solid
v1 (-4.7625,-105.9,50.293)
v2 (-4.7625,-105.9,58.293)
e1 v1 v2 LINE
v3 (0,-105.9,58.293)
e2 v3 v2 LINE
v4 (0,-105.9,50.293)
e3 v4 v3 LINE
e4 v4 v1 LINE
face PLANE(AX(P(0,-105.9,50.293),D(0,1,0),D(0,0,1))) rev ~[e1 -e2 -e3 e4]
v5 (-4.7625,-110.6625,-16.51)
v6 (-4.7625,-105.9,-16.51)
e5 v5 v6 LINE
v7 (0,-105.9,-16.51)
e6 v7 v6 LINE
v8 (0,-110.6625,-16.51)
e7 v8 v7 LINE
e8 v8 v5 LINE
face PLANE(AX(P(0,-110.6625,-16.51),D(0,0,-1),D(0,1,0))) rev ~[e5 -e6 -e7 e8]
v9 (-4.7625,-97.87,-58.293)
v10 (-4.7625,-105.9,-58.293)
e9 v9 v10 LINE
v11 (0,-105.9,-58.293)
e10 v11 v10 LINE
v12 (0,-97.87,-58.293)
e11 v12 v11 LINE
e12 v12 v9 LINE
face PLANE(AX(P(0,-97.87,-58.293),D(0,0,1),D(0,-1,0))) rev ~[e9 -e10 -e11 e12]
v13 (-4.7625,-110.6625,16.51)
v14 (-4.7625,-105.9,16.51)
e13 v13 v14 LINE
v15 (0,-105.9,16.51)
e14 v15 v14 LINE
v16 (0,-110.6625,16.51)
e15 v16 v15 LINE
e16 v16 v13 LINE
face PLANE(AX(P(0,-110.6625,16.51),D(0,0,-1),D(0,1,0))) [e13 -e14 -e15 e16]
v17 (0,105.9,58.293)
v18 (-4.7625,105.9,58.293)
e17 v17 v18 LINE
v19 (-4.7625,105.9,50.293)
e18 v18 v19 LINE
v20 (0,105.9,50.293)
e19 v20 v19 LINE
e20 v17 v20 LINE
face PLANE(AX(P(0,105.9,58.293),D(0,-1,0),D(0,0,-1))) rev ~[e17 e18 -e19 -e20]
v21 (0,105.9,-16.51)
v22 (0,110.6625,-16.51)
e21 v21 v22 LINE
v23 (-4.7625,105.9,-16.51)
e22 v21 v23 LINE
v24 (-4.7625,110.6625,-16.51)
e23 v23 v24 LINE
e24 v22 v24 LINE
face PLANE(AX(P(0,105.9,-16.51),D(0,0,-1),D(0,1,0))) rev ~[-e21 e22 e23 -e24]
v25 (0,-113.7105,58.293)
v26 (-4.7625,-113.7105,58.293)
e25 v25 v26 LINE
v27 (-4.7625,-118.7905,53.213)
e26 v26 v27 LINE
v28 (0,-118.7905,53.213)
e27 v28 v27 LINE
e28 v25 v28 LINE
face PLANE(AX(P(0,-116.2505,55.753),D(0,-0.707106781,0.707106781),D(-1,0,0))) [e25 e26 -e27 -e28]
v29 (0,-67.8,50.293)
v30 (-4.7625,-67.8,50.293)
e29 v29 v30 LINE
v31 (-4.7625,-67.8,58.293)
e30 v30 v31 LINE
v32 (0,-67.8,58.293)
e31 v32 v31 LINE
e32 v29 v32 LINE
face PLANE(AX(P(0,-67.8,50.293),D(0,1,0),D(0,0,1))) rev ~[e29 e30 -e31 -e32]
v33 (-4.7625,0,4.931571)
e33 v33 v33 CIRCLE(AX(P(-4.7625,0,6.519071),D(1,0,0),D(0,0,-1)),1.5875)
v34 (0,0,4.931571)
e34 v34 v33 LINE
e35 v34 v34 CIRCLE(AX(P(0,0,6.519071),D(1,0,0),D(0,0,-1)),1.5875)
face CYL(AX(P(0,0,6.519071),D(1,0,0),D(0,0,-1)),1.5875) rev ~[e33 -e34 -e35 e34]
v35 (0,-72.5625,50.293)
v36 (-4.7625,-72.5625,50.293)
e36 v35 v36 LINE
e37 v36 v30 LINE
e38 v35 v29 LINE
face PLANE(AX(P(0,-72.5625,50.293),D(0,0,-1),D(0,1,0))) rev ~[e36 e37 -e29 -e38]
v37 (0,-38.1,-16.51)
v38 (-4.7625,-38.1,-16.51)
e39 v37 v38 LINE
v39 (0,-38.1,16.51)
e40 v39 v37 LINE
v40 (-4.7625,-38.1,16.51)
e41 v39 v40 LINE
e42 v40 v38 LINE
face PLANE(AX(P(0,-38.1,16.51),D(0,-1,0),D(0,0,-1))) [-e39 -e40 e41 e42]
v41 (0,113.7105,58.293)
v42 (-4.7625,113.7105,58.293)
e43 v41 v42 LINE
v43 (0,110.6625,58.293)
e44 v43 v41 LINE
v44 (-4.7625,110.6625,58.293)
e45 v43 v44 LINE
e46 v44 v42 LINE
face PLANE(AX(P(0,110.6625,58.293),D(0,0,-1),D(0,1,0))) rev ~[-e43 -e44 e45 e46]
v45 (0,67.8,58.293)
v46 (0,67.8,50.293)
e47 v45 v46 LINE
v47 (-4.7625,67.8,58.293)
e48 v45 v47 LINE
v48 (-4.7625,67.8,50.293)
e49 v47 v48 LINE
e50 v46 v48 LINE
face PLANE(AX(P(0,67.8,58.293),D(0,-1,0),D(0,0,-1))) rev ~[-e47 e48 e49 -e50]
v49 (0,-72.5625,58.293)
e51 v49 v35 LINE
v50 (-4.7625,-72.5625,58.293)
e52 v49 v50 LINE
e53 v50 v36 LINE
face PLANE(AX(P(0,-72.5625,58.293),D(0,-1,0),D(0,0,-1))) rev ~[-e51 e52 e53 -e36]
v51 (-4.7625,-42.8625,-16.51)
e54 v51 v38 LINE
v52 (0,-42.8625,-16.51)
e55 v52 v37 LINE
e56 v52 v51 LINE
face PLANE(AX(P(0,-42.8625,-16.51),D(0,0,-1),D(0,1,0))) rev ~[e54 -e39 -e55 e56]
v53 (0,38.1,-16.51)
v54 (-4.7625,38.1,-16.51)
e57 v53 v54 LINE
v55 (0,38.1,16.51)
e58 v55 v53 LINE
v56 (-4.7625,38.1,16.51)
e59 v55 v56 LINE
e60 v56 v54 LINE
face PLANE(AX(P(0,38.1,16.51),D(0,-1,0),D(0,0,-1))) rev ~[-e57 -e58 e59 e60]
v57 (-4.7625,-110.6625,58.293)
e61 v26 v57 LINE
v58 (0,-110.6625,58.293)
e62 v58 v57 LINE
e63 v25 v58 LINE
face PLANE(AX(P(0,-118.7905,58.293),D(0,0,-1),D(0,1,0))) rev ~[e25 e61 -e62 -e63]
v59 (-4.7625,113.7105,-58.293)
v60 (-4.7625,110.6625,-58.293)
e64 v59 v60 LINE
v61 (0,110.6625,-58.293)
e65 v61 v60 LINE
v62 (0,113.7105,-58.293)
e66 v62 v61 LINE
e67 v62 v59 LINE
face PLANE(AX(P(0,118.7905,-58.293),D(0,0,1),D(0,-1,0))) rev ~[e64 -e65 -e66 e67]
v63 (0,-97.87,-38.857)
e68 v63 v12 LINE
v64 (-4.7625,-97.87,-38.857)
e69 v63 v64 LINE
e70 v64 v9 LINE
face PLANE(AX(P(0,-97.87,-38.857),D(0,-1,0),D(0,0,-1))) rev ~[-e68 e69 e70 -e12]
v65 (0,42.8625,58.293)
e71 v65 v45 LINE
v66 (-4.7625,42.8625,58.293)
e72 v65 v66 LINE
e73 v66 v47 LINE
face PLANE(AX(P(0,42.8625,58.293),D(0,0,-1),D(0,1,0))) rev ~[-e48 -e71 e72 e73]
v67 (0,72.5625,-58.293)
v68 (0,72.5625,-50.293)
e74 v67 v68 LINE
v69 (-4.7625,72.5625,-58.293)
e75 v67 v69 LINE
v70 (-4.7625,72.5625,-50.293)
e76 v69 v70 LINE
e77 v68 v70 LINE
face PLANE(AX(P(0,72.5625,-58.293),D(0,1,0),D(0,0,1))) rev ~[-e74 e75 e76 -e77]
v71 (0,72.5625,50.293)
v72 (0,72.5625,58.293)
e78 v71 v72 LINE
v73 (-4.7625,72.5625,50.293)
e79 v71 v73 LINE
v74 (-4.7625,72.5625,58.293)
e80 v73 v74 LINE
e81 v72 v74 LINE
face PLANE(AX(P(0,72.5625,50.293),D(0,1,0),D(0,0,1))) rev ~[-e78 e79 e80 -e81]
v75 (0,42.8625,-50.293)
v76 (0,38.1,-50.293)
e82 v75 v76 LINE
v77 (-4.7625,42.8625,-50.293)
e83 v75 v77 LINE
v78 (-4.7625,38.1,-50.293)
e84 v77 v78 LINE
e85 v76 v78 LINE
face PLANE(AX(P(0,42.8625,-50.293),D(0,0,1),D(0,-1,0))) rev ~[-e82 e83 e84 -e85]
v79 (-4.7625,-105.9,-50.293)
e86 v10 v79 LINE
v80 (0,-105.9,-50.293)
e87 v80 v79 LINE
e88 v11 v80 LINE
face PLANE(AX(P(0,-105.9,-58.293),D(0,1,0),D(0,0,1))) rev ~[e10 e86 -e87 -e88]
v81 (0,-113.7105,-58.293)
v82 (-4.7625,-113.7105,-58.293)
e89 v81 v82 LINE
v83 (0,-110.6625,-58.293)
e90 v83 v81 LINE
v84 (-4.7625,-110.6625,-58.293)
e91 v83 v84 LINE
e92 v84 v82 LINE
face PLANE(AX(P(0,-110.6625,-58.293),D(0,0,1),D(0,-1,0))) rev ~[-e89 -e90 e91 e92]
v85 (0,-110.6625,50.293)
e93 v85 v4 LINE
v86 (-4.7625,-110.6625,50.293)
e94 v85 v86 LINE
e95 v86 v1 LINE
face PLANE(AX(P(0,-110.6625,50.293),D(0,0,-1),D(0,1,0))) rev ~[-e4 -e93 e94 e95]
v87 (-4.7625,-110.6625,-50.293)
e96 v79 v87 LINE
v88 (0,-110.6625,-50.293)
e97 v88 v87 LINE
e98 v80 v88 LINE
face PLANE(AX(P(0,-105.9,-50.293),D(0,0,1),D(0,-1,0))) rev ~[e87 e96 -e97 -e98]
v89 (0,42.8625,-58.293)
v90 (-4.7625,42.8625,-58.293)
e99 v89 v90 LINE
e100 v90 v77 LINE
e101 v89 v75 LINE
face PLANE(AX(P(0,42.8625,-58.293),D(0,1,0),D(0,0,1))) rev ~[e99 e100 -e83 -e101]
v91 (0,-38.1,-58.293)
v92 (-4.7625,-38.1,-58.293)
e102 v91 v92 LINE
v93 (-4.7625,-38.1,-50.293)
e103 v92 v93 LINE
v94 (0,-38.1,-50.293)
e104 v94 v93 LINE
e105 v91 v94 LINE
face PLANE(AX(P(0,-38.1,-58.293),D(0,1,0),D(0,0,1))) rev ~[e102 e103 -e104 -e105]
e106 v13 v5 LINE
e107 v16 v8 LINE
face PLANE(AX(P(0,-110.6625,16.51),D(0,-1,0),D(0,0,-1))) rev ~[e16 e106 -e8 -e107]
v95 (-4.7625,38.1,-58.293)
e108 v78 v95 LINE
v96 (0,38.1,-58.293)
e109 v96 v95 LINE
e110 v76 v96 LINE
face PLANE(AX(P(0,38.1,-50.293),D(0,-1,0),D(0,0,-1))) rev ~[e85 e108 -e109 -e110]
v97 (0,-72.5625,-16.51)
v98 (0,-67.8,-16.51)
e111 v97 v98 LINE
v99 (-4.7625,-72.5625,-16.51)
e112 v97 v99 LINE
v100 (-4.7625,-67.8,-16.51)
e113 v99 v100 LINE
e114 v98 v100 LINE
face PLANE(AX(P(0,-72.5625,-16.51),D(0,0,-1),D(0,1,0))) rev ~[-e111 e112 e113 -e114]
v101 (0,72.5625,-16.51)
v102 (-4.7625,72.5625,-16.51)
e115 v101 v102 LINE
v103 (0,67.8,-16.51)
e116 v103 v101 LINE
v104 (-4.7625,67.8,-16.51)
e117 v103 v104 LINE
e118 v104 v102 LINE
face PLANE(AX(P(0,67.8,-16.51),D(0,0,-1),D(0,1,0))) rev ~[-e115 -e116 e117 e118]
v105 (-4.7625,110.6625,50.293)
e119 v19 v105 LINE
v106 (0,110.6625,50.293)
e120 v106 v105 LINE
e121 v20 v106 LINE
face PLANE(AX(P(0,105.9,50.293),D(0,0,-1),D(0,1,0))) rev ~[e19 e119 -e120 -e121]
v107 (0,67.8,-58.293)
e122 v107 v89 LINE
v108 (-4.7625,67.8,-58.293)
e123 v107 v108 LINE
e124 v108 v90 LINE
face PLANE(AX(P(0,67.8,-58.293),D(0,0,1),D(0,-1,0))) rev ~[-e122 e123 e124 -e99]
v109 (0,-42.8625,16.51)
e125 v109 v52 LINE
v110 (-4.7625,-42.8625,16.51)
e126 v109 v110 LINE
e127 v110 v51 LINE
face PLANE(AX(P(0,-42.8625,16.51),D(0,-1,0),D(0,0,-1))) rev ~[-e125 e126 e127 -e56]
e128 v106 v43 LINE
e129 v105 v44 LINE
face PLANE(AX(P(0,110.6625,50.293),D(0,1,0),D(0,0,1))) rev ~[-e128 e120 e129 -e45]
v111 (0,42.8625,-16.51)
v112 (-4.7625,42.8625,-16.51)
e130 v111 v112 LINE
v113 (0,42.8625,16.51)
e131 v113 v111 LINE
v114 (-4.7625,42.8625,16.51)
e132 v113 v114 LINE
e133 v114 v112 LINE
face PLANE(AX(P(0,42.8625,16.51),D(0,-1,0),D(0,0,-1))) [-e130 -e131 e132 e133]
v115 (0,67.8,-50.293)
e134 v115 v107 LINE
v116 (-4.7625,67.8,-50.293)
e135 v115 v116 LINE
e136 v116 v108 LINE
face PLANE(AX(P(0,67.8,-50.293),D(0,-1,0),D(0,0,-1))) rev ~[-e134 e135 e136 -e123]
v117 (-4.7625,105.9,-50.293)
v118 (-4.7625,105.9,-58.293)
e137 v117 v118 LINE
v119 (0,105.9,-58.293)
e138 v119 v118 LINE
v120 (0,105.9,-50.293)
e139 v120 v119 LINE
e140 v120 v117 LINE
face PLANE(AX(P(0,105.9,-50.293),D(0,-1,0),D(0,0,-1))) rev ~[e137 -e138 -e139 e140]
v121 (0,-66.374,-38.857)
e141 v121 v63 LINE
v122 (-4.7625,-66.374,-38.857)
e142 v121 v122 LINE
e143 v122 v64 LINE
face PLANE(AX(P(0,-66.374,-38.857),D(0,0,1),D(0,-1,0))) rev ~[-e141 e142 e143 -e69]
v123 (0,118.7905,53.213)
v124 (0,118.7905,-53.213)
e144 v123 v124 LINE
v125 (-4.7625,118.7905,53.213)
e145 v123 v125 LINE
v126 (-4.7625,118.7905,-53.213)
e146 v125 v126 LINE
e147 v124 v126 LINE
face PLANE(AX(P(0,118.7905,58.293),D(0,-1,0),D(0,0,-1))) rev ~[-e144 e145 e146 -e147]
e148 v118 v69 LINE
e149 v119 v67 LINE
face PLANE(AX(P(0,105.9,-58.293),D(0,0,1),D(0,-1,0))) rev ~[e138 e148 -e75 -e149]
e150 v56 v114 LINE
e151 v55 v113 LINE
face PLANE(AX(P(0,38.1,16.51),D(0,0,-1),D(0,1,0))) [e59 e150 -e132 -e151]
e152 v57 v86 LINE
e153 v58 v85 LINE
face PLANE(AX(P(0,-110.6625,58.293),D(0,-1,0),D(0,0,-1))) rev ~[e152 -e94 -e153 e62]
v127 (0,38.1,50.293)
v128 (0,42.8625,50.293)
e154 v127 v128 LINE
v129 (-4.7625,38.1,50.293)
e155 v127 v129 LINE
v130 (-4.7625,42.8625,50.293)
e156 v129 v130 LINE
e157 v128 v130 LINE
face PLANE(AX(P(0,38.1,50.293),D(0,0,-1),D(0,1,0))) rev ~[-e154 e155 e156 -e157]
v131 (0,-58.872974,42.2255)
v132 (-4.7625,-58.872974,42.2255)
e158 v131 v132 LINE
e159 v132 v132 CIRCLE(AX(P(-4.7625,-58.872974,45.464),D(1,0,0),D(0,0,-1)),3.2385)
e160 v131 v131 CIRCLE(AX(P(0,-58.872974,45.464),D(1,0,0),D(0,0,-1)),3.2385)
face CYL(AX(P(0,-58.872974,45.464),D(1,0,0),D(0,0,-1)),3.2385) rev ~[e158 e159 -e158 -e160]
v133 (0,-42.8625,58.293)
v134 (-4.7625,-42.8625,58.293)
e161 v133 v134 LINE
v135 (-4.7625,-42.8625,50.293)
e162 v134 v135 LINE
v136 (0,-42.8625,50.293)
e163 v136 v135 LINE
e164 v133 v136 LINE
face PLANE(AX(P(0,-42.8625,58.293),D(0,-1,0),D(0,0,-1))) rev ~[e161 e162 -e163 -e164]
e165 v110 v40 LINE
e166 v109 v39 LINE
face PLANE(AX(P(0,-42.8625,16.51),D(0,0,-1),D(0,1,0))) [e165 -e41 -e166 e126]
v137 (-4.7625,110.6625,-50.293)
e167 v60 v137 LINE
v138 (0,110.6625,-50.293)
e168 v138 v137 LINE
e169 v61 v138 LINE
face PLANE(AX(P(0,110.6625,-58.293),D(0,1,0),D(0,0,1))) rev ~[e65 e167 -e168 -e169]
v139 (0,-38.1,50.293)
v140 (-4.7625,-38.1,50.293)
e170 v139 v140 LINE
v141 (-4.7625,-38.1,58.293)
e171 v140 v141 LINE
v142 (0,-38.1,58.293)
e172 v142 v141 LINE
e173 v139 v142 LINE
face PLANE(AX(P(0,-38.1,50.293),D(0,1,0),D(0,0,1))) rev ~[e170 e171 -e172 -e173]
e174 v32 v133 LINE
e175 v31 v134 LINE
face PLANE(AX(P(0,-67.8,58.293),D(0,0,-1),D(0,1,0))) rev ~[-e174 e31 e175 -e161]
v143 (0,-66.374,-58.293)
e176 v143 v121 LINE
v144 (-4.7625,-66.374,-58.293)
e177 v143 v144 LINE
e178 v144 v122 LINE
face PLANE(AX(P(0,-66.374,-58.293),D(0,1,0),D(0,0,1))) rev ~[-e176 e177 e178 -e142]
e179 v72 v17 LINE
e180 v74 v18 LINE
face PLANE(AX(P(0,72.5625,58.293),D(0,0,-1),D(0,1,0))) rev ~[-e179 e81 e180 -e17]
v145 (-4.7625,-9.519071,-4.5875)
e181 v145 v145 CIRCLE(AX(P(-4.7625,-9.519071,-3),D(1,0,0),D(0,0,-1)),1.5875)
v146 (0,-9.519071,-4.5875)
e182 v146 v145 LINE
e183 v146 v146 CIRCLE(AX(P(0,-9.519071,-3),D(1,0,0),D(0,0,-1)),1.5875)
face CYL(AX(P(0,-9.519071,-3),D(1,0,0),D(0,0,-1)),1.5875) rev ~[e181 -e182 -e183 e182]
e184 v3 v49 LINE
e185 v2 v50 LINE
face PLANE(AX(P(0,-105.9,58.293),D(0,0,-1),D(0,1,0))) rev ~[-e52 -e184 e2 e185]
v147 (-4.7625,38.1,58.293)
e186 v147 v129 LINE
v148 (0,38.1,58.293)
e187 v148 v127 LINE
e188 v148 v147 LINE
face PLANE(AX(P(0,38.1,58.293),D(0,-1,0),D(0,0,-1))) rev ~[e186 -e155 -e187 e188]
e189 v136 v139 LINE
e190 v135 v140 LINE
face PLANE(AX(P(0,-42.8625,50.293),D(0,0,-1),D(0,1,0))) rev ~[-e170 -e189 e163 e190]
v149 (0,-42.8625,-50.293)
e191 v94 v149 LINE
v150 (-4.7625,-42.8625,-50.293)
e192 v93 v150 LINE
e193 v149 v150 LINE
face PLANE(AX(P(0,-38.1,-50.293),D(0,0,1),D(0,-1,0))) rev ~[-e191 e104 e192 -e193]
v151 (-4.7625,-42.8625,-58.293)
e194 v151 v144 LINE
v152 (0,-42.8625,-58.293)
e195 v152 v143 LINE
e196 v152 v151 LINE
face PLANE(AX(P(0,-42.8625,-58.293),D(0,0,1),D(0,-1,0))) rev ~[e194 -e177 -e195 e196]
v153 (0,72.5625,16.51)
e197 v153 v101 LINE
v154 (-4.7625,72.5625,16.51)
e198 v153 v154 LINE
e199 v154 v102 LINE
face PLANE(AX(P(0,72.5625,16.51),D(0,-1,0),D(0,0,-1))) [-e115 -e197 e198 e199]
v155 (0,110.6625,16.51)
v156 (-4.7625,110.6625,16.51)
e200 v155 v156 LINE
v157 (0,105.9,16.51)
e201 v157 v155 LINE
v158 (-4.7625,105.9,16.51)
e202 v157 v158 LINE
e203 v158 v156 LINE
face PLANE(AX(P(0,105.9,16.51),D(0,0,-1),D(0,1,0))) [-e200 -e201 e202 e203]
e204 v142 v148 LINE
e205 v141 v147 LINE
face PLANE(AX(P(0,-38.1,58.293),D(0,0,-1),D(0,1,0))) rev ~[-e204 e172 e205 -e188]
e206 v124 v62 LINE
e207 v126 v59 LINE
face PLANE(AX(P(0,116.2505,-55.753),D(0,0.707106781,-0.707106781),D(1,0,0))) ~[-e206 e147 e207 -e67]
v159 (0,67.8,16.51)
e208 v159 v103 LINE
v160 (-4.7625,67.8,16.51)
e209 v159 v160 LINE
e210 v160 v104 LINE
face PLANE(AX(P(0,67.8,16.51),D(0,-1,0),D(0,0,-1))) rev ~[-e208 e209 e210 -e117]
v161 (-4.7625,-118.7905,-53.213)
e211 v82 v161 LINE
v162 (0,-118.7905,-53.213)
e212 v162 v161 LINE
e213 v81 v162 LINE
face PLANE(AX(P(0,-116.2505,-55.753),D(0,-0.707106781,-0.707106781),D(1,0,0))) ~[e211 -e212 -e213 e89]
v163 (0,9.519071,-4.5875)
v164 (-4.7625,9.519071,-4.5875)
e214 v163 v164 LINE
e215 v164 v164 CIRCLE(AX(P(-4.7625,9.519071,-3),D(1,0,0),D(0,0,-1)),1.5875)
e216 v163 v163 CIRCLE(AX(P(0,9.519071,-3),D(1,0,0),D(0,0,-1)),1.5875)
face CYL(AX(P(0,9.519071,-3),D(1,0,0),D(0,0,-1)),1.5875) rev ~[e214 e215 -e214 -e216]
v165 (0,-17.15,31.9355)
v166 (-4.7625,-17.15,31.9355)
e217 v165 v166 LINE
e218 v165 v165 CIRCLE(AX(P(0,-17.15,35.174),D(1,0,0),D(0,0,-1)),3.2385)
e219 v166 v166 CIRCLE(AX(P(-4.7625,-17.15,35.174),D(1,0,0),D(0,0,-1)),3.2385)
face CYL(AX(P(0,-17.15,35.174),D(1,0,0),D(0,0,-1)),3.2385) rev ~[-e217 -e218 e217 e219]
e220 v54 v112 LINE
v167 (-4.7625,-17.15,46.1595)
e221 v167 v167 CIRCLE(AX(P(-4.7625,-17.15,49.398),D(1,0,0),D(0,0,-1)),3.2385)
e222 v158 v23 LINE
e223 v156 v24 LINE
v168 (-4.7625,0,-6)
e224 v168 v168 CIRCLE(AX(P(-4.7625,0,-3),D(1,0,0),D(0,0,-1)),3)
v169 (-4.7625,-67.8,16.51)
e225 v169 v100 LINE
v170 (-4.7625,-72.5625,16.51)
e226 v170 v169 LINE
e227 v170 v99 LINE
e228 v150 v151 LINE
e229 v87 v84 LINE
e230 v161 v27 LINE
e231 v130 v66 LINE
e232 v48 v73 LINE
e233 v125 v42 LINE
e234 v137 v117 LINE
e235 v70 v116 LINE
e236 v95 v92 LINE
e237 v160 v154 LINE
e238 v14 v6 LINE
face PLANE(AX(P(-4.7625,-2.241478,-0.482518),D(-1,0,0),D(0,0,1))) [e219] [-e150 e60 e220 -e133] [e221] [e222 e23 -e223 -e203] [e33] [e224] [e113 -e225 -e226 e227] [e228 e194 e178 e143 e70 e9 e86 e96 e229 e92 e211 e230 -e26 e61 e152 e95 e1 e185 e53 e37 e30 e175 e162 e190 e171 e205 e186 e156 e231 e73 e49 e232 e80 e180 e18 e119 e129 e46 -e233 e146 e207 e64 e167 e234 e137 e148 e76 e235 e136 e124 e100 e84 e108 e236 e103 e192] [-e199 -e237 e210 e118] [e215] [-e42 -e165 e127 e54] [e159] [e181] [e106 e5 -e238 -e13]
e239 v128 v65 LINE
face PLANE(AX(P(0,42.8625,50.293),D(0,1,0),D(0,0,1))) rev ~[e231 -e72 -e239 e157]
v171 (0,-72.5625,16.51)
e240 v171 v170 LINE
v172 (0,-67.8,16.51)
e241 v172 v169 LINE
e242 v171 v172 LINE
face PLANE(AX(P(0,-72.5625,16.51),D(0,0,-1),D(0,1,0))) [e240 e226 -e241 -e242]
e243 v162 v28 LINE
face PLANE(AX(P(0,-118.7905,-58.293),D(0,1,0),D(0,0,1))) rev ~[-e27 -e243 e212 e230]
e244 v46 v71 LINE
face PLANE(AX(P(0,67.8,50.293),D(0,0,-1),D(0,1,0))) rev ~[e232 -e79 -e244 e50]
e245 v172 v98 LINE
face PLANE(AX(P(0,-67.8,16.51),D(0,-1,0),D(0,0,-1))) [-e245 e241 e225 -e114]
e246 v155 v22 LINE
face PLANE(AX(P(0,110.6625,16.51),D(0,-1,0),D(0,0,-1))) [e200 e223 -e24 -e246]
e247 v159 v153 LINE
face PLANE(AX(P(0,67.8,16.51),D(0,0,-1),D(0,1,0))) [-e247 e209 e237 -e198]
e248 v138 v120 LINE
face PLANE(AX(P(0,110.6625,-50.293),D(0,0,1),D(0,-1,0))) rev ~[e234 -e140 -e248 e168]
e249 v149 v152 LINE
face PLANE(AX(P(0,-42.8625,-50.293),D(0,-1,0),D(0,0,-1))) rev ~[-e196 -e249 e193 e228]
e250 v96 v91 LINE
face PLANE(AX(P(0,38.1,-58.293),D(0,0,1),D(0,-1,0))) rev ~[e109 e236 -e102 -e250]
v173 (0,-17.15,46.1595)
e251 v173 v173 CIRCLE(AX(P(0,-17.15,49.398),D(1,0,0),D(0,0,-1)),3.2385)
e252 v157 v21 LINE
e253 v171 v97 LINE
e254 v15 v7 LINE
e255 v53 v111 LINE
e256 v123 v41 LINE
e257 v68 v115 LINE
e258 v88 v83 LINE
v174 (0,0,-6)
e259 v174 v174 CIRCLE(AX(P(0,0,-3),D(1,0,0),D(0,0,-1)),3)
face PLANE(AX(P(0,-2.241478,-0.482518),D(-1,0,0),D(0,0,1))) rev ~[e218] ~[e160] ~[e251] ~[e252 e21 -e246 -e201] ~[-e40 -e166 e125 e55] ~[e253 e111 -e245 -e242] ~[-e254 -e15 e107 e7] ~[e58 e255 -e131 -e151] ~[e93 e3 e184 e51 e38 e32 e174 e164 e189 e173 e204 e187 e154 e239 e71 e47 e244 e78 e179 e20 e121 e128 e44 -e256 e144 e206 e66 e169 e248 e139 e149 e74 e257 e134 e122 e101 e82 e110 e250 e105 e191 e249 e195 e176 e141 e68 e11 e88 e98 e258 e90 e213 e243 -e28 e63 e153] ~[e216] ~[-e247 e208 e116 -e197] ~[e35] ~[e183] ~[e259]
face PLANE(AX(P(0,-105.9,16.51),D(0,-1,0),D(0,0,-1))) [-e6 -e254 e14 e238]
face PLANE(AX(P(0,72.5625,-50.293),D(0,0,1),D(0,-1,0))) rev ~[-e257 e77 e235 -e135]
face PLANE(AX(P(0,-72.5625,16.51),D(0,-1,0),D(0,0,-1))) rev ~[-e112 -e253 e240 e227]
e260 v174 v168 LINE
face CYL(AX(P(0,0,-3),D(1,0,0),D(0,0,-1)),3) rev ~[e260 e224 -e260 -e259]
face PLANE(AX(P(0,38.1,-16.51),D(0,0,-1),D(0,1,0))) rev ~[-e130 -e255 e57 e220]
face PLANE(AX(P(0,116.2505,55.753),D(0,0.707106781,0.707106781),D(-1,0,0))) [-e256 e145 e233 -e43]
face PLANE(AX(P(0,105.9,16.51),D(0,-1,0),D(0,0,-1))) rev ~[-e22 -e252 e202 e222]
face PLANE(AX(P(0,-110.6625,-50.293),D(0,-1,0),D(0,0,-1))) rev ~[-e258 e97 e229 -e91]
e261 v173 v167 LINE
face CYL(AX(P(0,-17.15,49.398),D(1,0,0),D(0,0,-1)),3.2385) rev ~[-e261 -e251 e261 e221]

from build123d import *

# Parameters (mm, degrees)
SKETCH1_R           = 1.5875
SKETCH1_R_2         = 3
SKETCH1_R_3         = 3.2385
SKETCH1_W           = 33.02
SKETCH1_H           = 4.7625
BOSS_EXTRUDE1_DEPTH = 4.7625
CHAMFER1_SIZE       = 5.08


with BuildPart() as part:
    # Sketch1 → Boss-Extrude1 (new body)
    with BuildSketch(Plane(origin=(0, 0, 0), x_dir=(0, 0, -1), z_dir=(1, 0, 0))):
        Polygon((-58.293, 118.7905), (58.293, 118.7905), (58.293, 110.6625), (50.293, 110.6625), (50.293, 105.9), (58.293, 105.9), (58.293, 72.5625), (50.293, 72.5625), (50.293, 67.8), (58.293, 67.8), (58.293, 42.8625), (50.293, 42.8625), (50.293, 38.1), (58.293, 38.1), (58.293, -38.1), (50.293, -38.1), (50.293, -42.8625), (58.293, -42.8625), (58.293, -66.374), (38.857, -66.374), (38.857, -97.87), (58.293, -97.87), (58.293, -105.9), (50.293, -105.9), (50.293, -110.6625), (58.293, -110.6625), (58.293, -118.7905), (-58.293, -118.7905), (-58.293, -110.6625), (-50.293, -110.6625), (-50.293, -105.9), (-58.293, -105.9), (-58.293, -72.5625), (-50.293, -72.5625), (-50.293, -67.8), (-58.293, -67.8), (-58.293, -42.8625), (-50.293, -42.8625), (-50.293, -38.1), (-58.293, -38.1), (-58.293, 38.1), (-50.293, 38.1), (-50.293, 42.8625), (-58.293, 42.8625), (-58.293, 67.8), (-50.293, 67.8), (-50.293, 72.5625), (-58.293, 72.5625), (-58.293, 105.9), (-50.293, 105.9), (-50.293, 110.6625), (-58.293, 110.6625), align=None)
        with Locations((3, 9.519071488)):
            Circle(SKETCH1_R, mode=Mode.SUBTRACT)
        with Locations((-6.519071488, 0)):
            Circle(SKETCH1_R, mode=Mode.SUBTRACT)
        with Locations((3, -9.519071488)):
            Circle(SKETCH1_R, mode=Mode.SUBTRACT)
        with Locations((3, 0)):
            Circle(SKETCH1_R_2, mode=Mode.SUBTRACT)
        with Locations((-35.174, -17.15)):
            Circle(SKETCH1_R_3, mode=Mode.SUBTRACT)
        with Locations((-49.398, -17.15)):
            Circle(SKETCH1_R_3, mode=Mode.SUBTRACT)
        with Locations((-45.464, -58.872973782)):
            Circle(SKETCH1_R_3, mode=Mode.SUBTRACT)
        with Locations((0, 108.28125)):
            Rectangle(SKETCH1_W, SKETCH1_H, mode=Mode.SUBTRACT)
        with Locations((0, 70.18125)):
            Rectangle(SKETCH1_W, SKETCH1_H, mode=Mode.SUBTRACT)
        with Locations((0, 40.48125)):
            Rectangle(SKETCH1_W, SKETCH1_H, mode=Mode.SUBTRACT)
        with Locations((0, -40.48125)):
            Rectangle(SKETCH1_W, SKETCH1_H, mode=Mode.SUBTRACT)
        with Locations((0, -70.18125)):
            Rectangle(SKETCH1_W, SKETCH1_H, mode=Mode.SUBTRACT)
        with Locations((0, -108.28125)):
            Rectangle(SKETCH1_W, SKETCH1_H, mode=Mode.SUBTRACT)
    extrude(amount=-BOSS_EXTRUDE1_DEPTH)

    # Chamfer1
    chamfer1_edges = [part.edges().sort_by_distance(p)[0] for p in [
        (-2.38125, 118.7905, 58.293),
        (-2.38125, 118.7905, -58.293),
        (-2.38125, -118.7905, -58.293),
        (-2.38125, -118.7905, 58.293),
    ]]
    chamfer(chamfer1_edges, length=CHAMFER1_SIZE)


solid = part.part
